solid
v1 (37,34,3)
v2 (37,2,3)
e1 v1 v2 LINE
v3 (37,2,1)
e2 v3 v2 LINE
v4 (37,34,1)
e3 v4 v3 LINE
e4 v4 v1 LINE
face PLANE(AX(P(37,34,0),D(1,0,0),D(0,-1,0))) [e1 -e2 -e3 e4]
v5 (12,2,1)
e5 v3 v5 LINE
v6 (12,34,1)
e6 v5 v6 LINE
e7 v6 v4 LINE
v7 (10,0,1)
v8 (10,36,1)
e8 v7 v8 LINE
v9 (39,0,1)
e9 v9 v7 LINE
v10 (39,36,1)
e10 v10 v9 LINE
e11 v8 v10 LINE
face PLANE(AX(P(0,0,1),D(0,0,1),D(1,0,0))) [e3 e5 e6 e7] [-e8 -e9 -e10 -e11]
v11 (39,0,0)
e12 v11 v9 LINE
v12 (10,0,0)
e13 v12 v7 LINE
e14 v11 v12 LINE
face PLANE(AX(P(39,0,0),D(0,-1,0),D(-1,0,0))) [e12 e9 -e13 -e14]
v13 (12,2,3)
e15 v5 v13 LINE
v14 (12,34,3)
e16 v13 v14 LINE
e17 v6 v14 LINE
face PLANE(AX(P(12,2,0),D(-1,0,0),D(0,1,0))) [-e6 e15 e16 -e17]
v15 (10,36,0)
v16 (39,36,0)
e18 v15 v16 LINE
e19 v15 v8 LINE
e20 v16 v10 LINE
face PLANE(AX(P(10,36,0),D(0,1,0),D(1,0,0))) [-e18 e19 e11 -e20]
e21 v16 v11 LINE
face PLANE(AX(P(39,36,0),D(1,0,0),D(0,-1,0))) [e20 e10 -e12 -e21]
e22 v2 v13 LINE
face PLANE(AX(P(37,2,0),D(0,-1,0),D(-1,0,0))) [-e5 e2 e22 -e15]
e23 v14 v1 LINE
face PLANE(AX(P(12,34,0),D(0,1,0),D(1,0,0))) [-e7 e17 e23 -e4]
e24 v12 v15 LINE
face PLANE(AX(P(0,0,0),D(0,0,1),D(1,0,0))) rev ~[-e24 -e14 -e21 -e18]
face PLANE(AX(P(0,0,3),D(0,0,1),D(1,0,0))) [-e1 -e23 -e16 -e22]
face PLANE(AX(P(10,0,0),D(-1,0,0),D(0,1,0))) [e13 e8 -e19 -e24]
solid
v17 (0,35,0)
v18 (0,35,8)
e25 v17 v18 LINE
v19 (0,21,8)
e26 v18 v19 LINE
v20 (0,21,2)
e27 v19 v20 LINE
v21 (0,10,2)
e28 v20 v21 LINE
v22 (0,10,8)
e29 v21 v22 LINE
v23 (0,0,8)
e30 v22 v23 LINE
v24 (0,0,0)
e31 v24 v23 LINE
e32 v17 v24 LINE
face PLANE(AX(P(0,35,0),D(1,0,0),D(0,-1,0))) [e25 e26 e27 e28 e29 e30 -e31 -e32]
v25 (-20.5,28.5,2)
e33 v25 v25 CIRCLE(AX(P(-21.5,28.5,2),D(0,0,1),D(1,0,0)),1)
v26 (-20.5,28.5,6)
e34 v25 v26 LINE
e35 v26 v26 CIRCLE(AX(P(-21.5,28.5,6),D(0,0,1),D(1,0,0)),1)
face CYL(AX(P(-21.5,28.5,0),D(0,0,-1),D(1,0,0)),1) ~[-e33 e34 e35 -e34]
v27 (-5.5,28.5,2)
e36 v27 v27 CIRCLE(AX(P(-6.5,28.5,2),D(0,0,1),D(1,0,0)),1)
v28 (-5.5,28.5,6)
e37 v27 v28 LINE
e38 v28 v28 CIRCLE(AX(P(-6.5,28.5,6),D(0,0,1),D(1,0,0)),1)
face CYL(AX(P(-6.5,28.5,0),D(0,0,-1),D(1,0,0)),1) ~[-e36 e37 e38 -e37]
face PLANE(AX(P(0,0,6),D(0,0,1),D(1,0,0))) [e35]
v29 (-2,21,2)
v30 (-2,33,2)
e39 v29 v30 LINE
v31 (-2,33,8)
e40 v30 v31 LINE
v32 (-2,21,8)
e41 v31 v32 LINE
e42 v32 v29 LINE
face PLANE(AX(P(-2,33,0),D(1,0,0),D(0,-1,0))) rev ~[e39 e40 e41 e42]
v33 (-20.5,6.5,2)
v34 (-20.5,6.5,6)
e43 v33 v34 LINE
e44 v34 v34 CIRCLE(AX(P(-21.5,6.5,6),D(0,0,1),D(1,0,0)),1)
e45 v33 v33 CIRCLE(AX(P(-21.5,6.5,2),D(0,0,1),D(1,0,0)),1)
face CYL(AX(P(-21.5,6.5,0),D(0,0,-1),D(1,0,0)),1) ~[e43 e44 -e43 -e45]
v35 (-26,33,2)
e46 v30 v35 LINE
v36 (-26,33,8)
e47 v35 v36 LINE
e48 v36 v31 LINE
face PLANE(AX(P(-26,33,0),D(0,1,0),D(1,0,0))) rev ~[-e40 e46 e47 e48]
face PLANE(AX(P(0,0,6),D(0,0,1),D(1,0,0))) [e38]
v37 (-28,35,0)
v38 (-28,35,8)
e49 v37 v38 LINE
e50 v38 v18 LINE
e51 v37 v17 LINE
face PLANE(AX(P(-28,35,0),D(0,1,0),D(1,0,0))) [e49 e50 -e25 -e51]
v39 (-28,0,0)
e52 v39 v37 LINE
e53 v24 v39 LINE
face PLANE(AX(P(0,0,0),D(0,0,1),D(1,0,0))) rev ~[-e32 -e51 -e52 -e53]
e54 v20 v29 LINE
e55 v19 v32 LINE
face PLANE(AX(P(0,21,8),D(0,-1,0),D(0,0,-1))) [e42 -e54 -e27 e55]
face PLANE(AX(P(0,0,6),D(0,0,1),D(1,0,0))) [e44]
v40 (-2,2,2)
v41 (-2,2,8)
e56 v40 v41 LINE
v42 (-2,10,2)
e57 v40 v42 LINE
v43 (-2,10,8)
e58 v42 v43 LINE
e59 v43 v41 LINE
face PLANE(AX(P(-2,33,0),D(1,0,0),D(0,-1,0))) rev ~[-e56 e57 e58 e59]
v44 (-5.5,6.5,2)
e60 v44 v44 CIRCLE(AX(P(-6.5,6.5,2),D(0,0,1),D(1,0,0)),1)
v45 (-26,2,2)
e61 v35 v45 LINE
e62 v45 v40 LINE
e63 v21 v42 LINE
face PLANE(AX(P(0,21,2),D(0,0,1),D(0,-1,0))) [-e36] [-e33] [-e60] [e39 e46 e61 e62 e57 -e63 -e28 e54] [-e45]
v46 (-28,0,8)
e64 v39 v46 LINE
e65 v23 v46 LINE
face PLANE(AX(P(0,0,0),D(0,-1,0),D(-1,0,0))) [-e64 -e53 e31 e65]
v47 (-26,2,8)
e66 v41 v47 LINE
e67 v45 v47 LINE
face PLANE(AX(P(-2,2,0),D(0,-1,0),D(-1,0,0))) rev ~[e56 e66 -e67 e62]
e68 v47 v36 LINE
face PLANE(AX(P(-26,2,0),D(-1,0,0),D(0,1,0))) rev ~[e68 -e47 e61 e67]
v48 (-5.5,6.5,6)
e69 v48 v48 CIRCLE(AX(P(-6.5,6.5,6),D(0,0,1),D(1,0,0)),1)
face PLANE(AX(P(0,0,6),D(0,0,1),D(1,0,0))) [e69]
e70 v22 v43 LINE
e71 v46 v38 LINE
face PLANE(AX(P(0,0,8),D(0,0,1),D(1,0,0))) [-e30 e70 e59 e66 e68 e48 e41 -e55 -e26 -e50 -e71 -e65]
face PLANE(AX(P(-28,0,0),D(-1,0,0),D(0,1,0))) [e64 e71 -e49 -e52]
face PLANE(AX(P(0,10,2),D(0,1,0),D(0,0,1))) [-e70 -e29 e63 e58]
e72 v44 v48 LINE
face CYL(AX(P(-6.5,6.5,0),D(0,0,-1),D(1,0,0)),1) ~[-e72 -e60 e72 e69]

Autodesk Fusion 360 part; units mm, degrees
sketch "Sketch1" plane through (0, 0, 0) normal (0, 0, 1) x (1, 0, 0)
  line L0 (-28, 35) -> (0, 35)
  line L1 (0, 35) -> (0, 0)
  line L2 (0, 0) -> (-28, 0)
  line L3 (-28, 0) -> (-28, 35)
  circle A0 centre (-21.5, 28.5) radius 1
  circle A1 centre (-6.5, 28.5) radius 1
  circle A2 centre (-21.5, 6.5) radius 1
  circle A3 centre (-6.5, 6.5) radius 1
  line L4 (-32, 28.5) -> (12, 28.5) construction
  line L5 (-6.5, 33) -> (-6.5, -2) construction
  line L6 (-28, 6.5) -> (6, 6.5) construction
  line L7 (-21.5, 33) -> (-21.5, -2) construction
  line L8 (-26, 33) -> (-2, 33)
  line L9 (-2, 33) -> (-2, 2)
  line L10 (-2, 2) -> (-26, 2)
  line L11 (-26, 2) -> (-26, 33)
  point P0 (-21.5, 25)
  dimension "d1" = 35
  dimension "d2" = 28
  dimension "d3" = 2
  dimension "d4" = 15
  dimension "d5" = 22
  dimension "d7" = 6.5
  dimension "d8" = 6.5
  dimension "d13" = 2
  dimension "d14" = 2
  dimension "d15" = 2
  dimension "d16" = 2
extrude "Extrude1" add sketch "Sketch1" along normal blind 2 contours L0 L1 L2 L3 | L8 L9 L10 L11 makes body 1
extrude "Extrude2" add sketch "Sketch1" along normal blind 6 contours A0 | A1 | A2 | A3 bodies 1
extrude "Extrude3" cut sketch "Sketch1" along normal blind 8 contours L0 L1 L2 L3 bodies 1
extrude "Extrude4" add sketch "Sketch1" along normal blind 8 contours L0 L1 L2 L3 bodies 1
sketch "Sketch3" plane through (0, 0, 0) normal (0, 0, 1) x (1, 0, 0)
  line L0 (10, 36) -> (39, 36)
  line L1 (39, 36) -> (39, 0)
  line L2 (39, 0) -> (10, 0)
  line L3 (10, 0) -> (10, 36)
  line L4 (12, 34) -> (37, 34)
  line L5 (37, 34) -> (37, 2)
  line L6 (37, 2) -> (12, 2)
  line L7 (12, 2) -> (12, 34)
  line L8 (-40, 0) -> (50, 0) construction
  point P0 (-28, 0)
  dimension "d21" = 29
  dimension "d22" = 36
  dimension "d23" = 2
  dimension "d24" = 2
  dimension "d25" = 2
  dimension "d26" = 2
extrude "Extrude5" add sketch "Sketch3" along normal blind 1 separate body makes body 2
extrude "Extrude6" add sketch "Sketch3" along normal blind 3 contours L4 L5 L6 L7 bodies 2
sketch "Sketch4" plane through (0, 0, 0) normal (1, 0, 0) x (0, 1, 0)
  line L0 (0, 0) -> (35, 0)
  line L1 (35, 0) -> (35, 8)
  line L2 (35, 8) -> (0, 8)
  line L3 (0, 8) -> (0, 0)
  line L4 (10, 8) -> (21, 8)
  line L5 (21, 8) -> (21, 2)
  line L6 (21, 2) -> (10, 2)
  line L7 (10, 2) -> (10, 8)
  dimension "d31" = 6
  dimension "d32" = 11
  dimension "d33" = 10
extrude "Extrude7" cut sketch "Sketch4" against normal blind 3 contours L2 L4 L5 L6 L7 bodies 1
equation "d7 = ( d1 - d5 ) / 2"
equation "d8 = ( d2 - d4 ) / 2"
